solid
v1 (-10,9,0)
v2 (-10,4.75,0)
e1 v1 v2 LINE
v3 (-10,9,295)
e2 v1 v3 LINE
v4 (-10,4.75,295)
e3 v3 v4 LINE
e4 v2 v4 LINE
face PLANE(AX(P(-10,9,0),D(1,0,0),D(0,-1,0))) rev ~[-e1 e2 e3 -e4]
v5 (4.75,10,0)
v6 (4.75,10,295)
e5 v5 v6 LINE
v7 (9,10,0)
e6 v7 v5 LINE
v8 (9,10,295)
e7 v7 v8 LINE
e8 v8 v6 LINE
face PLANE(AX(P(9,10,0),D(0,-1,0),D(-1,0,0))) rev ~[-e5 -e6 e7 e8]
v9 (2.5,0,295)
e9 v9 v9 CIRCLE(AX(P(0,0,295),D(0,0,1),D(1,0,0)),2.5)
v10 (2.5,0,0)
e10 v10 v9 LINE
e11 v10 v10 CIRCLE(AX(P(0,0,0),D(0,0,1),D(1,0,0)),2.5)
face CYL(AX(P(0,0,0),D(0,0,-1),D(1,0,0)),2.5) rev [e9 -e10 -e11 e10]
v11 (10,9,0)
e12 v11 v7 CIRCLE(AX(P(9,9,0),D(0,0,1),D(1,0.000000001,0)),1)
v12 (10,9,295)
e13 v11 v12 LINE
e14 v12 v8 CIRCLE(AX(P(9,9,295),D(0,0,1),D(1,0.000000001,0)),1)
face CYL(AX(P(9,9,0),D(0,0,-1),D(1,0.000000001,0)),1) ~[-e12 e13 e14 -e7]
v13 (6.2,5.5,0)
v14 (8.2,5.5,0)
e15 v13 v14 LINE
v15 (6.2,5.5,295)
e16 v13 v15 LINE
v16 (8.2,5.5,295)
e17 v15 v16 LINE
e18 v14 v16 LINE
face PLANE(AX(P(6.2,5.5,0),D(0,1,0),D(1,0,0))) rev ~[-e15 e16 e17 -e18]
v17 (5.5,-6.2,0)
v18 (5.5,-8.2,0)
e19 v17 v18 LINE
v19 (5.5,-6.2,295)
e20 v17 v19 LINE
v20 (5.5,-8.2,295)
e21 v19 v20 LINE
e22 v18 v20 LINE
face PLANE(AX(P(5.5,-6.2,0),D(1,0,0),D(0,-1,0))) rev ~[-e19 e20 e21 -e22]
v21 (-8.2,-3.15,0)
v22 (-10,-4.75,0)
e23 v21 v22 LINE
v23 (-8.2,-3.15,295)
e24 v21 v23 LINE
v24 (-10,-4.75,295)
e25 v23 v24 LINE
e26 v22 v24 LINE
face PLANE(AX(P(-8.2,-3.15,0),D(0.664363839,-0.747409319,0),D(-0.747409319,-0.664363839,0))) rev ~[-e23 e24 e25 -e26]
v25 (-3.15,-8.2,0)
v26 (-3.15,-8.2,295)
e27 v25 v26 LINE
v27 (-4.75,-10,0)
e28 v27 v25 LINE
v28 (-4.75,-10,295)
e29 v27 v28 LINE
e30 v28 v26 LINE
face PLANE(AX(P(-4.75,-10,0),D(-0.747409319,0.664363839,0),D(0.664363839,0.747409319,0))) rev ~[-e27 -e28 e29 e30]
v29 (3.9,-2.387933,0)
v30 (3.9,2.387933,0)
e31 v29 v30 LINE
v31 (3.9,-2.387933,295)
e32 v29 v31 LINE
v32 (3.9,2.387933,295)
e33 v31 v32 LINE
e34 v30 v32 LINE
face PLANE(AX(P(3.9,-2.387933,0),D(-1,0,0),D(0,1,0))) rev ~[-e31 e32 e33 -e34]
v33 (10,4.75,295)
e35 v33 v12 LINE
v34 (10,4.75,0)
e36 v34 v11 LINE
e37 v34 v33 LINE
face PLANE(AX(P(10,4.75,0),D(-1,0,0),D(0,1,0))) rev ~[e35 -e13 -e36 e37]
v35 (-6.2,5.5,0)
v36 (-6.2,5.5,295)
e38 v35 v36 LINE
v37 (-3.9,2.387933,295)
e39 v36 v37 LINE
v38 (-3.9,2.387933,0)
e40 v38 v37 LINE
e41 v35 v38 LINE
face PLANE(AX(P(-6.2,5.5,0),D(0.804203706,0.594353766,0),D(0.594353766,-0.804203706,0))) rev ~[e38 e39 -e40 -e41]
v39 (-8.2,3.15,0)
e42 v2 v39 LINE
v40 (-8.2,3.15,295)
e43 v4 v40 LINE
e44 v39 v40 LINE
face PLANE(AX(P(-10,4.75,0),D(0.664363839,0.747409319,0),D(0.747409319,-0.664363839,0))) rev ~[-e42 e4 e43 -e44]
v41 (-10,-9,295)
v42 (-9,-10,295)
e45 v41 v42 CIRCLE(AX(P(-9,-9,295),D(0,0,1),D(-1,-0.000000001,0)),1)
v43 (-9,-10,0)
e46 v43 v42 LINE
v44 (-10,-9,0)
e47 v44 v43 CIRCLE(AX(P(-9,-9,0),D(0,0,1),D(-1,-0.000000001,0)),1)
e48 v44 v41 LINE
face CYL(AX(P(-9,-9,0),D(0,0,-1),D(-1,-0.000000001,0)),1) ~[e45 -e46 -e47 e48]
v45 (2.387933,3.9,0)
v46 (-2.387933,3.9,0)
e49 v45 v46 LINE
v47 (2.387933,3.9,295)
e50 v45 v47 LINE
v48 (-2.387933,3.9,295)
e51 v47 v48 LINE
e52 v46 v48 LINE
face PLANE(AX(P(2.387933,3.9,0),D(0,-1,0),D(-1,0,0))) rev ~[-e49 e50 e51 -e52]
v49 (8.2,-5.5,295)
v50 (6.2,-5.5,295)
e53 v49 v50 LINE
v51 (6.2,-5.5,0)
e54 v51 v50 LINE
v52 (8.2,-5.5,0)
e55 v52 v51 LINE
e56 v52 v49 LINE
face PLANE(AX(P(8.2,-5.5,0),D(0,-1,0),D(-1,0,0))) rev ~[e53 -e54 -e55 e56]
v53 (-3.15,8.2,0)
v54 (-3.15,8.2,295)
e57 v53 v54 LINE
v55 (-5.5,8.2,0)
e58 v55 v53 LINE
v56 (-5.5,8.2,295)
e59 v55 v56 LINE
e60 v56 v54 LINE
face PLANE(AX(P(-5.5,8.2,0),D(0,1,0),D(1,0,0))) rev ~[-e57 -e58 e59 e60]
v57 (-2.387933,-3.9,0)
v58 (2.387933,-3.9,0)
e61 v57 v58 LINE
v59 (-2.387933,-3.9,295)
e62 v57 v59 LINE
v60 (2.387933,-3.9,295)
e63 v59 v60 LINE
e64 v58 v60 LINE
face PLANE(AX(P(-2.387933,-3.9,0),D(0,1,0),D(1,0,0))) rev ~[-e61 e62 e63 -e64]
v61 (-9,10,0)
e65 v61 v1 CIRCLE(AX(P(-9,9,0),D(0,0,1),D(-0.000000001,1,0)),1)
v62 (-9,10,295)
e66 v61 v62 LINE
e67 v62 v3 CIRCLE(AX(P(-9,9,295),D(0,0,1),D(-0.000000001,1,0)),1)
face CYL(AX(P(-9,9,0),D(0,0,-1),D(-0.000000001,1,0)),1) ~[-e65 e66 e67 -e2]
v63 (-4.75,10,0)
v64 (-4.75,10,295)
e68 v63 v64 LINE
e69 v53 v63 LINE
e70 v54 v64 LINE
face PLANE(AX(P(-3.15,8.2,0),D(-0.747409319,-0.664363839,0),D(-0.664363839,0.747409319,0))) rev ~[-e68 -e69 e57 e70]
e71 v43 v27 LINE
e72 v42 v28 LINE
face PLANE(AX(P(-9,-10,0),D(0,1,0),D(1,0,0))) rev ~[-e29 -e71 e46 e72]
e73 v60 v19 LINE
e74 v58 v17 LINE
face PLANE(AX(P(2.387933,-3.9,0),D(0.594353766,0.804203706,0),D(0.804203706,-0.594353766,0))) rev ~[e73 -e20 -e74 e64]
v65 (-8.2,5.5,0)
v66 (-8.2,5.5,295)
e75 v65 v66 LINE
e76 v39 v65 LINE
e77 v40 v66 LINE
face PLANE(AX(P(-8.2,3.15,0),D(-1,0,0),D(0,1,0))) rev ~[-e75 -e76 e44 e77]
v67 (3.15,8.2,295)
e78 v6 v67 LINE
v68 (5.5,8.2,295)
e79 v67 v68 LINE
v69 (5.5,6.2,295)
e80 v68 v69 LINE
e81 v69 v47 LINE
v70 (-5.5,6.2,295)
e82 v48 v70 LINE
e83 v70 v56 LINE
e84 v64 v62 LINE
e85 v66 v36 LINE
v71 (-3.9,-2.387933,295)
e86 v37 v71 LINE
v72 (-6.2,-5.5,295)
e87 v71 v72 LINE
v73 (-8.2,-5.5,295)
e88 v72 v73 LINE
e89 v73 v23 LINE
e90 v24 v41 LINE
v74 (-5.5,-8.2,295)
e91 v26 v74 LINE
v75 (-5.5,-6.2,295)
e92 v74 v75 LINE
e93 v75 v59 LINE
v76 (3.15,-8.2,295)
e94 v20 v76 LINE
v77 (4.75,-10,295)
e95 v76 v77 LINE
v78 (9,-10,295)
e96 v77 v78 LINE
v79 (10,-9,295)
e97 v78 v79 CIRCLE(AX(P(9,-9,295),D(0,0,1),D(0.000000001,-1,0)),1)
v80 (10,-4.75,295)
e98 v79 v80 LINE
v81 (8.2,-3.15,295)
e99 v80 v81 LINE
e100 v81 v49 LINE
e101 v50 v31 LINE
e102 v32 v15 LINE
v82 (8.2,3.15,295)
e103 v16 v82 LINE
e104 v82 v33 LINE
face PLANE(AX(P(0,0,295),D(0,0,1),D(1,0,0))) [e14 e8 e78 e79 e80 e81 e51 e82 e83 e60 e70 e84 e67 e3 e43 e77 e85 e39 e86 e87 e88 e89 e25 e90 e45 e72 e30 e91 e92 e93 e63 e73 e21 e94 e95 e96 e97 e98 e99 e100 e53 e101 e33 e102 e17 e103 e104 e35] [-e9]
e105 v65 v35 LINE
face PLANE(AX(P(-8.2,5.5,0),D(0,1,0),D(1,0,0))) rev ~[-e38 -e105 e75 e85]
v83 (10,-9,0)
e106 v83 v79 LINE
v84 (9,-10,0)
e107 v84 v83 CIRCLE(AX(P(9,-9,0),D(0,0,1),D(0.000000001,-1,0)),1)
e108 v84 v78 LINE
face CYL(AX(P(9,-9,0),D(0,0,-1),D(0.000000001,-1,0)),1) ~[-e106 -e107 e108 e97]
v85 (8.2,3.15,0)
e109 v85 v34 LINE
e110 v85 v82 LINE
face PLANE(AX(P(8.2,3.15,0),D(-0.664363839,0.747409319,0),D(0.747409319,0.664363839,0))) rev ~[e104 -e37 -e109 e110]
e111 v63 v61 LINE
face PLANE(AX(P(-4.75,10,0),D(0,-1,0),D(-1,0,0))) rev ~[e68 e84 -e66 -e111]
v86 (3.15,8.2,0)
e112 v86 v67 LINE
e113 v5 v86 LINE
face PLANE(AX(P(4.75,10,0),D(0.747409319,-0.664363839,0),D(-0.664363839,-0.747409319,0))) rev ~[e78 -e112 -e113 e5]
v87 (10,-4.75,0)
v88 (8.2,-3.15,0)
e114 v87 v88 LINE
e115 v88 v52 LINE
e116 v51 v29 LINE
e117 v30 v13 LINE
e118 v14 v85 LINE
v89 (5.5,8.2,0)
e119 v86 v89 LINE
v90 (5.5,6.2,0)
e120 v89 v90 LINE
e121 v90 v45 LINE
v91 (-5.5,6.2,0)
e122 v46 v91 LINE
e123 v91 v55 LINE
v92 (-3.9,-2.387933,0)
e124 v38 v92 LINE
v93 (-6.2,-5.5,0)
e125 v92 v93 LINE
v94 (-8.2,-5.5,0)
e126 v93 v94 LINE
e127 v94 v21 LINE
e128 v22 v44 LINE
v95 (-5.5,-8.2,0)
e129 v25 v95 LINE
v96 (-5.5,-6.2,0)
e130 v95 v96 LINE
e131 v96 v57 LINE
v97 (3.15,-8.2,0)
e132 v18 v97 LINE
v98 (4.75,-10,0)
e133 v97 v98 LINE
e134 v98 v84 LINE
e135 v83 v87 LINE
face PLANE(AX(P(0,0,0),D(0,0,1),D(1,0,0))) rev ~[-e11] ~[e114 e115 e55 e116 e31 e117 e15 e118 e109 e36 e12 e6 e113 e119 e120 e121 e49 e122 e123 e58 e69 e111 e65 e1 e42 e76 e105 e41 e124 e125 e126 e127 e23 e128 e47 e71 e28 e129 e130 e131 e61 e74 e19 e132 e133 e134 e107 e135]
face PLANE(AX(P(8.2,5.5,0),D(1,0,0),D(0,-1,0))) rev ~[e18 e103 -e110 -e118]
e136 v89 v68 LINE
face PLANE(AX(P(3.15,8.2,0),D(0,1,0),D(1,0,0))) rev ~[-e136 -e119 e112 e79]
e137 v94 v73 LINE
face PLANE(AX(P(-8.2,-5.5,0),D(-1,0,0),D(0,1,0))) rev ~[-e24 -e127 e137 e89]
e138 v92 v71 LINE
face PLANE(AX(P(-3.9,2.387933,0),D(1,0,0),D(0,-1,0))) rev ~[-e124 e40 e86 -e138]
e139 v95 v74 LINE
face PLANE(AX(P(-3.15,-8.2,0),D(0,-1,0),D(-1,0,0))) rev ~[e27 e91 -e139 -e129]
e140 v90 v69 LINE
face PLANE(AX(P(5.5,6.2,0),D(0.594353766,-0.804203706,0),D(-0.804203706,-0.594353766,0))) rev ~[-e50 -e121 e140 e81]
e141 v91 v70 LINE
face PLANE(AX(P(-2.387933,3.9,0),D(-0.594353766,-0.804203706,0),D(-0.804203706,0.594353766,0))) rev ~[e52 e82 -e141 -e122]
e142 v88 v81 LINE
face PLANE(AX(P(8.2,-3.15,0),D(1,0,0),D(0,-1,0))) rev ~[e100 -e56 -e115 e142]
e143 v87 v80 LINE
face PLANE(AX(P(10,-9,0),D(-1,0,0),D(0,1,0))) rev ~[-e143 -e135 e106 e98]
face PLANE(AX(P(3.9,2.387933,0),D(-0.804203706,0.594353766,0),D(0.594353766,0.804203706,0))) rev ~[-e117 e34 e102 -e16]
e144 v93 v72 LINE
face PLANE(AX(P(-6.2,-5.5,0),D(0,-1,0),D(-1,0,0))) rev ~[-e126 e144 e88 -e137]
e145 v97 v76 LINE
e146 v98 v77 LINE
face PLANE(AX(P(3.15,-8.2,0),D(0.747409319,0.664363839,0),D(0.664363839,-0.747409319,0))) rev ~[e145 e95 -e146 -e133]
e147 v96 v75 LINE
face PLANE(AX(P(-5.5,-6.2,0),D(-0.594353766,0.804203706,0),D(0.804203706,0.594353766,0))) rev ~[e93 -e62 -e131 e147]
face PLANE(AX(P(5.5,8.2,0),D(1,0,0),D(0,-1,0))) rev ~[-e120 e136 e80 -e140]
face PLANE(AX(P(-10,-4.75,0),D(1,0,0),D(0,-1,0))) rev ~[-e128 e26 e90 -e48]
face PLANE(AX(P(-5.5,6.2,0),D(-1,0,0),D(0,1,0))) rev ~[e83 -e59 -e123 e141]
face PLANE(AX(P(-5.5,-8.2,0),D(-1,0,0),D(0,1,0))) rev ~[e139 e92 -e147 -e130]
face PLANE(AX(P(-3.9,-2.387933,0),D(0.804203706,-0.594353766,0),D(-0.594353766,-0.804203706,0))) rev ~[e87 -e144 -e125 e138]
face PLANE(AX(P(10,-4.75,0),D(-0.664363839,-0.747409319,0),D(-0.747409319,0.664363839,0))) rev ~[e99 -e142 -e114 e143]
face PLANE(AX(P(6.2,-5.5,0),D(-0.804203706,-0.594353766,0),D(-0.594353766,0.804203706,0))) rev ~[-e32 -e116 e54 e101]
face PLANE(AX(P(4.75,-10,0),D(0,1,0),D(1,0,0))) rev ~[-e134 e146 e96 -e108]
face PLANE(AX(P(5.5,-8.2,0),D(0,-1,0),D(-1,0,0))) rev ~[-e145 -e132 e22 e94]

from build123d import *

# Parameters (mm, degrees)
SKETCH1_R           = 2.5
BOSS_EXTRUDE1_DEPTH = 295


with BuildPart() as part:
    # Sketch1 → Boss-Extrude1 (new body)
    with BuildSketch(Plane.XY):
        with BuildLine():
            Line((-5.5, 8.2), (-3.15, 8.2))
            Line((-3.15, 8.2), (-4.75, 10))
            Line((-4.75, 10), (-9, 10))
            ThreePointArc((-9, 10), (-9.707106781, 9.707106781), (-10, 9))
            Line((-10, 9), (-10, 4.75))
            Line((-10, 4.75), (-8.2, 3.15))
            Line((-8.2, 3.15), (-8.2, 5.5))
            Line((-8.2, 5.5), (-6.2, 5.5))
            Line((-6.2, 5.5), (-3.9, 2.387933369))
            Line((-3.9, 2.387933369), (-3.9, -2.387933369))
            Line((-3.9, -2.387933369), (-6.2, -5.5))
            Line((-6.2, -5.5), (-8.2, -5.5))
            Line((-8.2, -5.5), (-8.2, -3.15))
            Line((-8.2, -3.15), (-10, -4.75))
            Line((-10, -4.75), (-10, -9))
            ThreePointArc((-10, -9), (-9.707106781, -9.707106781), (-9, -10))
            Line((-9, -10), (-4.75, -10))
            Line((-4.75, -10), (-3.15, -8.2))
            Line((-3.15, -8.2), (-5.5, -8.2))
            Line((-5.5, -8.2), (-5.5, -6.2))
            Line((-5.5, -6.2), (-2.387933369, -3.9))
            Line((-2.387933369, -3.9), (2.387933369, -3.9))
            Line((2.387933369, -3.9), (5.5, -6.2))
            Line((5.5, -6.2), (5.5, -8.2))
            Line((5.5, -8.2), (3.15, -8.2))
            Line((3.15, -8.2), (4.75, -10))
            Line((4.75, -10), (9, -10))
            ThreePointArc((9, -10), (9.707106781, -9.707106781), (10, -9))
            Line((10, -9), (10, -4.75))
            Line((10, -4.75), (8.2, -3.15))
            Line((8.2, -3.15), (8.2, -5.5))
            Line((8.2, -5.5), (6.2, -5.5))
            Line((6.2, -5.5), (3.9, -2.387933369))
            Line((3.9, -2.387933369), (3.9, 2.387933369))
            Line((3.9, 2.387933369), (6.2, 5.5))
            Line((6.2, 5.5), (8.2, 5.5))
            Line((8.2, 5.5), (8.2, 3.15))
            Line((8.2, 3.15), (10, 4.75))
            Line((10, 4.75), (10, 9))
            ThreePointArc((10, 9), (9.707106781, 9.707106781), (9, 10))
            Line((9, 10), (4.75, 10))
            Line((4.75, 10), (3.15, 8.2))
            Line((3.15, 8.2), (5.5, 8.2))
            Line((5.5, 8.2), (5.5, 6.2))
            Line((5.5, 6.2), (2.387933369, 3.9))
            Line((2.387933369, 3.9), (-2.387933369, 3.9))
            Line((-2.387933369, 3.9), (-5.5, 6.2))
            Line((-5.5, 6.2), (-5.5, 8.2))
        make_face()
        Circle(SKETCH1_R, mode=Mode.SUBTRACT)
    extrude(amount=BOSS_EXTRUDE1_DEPTH)


solid = part.part
